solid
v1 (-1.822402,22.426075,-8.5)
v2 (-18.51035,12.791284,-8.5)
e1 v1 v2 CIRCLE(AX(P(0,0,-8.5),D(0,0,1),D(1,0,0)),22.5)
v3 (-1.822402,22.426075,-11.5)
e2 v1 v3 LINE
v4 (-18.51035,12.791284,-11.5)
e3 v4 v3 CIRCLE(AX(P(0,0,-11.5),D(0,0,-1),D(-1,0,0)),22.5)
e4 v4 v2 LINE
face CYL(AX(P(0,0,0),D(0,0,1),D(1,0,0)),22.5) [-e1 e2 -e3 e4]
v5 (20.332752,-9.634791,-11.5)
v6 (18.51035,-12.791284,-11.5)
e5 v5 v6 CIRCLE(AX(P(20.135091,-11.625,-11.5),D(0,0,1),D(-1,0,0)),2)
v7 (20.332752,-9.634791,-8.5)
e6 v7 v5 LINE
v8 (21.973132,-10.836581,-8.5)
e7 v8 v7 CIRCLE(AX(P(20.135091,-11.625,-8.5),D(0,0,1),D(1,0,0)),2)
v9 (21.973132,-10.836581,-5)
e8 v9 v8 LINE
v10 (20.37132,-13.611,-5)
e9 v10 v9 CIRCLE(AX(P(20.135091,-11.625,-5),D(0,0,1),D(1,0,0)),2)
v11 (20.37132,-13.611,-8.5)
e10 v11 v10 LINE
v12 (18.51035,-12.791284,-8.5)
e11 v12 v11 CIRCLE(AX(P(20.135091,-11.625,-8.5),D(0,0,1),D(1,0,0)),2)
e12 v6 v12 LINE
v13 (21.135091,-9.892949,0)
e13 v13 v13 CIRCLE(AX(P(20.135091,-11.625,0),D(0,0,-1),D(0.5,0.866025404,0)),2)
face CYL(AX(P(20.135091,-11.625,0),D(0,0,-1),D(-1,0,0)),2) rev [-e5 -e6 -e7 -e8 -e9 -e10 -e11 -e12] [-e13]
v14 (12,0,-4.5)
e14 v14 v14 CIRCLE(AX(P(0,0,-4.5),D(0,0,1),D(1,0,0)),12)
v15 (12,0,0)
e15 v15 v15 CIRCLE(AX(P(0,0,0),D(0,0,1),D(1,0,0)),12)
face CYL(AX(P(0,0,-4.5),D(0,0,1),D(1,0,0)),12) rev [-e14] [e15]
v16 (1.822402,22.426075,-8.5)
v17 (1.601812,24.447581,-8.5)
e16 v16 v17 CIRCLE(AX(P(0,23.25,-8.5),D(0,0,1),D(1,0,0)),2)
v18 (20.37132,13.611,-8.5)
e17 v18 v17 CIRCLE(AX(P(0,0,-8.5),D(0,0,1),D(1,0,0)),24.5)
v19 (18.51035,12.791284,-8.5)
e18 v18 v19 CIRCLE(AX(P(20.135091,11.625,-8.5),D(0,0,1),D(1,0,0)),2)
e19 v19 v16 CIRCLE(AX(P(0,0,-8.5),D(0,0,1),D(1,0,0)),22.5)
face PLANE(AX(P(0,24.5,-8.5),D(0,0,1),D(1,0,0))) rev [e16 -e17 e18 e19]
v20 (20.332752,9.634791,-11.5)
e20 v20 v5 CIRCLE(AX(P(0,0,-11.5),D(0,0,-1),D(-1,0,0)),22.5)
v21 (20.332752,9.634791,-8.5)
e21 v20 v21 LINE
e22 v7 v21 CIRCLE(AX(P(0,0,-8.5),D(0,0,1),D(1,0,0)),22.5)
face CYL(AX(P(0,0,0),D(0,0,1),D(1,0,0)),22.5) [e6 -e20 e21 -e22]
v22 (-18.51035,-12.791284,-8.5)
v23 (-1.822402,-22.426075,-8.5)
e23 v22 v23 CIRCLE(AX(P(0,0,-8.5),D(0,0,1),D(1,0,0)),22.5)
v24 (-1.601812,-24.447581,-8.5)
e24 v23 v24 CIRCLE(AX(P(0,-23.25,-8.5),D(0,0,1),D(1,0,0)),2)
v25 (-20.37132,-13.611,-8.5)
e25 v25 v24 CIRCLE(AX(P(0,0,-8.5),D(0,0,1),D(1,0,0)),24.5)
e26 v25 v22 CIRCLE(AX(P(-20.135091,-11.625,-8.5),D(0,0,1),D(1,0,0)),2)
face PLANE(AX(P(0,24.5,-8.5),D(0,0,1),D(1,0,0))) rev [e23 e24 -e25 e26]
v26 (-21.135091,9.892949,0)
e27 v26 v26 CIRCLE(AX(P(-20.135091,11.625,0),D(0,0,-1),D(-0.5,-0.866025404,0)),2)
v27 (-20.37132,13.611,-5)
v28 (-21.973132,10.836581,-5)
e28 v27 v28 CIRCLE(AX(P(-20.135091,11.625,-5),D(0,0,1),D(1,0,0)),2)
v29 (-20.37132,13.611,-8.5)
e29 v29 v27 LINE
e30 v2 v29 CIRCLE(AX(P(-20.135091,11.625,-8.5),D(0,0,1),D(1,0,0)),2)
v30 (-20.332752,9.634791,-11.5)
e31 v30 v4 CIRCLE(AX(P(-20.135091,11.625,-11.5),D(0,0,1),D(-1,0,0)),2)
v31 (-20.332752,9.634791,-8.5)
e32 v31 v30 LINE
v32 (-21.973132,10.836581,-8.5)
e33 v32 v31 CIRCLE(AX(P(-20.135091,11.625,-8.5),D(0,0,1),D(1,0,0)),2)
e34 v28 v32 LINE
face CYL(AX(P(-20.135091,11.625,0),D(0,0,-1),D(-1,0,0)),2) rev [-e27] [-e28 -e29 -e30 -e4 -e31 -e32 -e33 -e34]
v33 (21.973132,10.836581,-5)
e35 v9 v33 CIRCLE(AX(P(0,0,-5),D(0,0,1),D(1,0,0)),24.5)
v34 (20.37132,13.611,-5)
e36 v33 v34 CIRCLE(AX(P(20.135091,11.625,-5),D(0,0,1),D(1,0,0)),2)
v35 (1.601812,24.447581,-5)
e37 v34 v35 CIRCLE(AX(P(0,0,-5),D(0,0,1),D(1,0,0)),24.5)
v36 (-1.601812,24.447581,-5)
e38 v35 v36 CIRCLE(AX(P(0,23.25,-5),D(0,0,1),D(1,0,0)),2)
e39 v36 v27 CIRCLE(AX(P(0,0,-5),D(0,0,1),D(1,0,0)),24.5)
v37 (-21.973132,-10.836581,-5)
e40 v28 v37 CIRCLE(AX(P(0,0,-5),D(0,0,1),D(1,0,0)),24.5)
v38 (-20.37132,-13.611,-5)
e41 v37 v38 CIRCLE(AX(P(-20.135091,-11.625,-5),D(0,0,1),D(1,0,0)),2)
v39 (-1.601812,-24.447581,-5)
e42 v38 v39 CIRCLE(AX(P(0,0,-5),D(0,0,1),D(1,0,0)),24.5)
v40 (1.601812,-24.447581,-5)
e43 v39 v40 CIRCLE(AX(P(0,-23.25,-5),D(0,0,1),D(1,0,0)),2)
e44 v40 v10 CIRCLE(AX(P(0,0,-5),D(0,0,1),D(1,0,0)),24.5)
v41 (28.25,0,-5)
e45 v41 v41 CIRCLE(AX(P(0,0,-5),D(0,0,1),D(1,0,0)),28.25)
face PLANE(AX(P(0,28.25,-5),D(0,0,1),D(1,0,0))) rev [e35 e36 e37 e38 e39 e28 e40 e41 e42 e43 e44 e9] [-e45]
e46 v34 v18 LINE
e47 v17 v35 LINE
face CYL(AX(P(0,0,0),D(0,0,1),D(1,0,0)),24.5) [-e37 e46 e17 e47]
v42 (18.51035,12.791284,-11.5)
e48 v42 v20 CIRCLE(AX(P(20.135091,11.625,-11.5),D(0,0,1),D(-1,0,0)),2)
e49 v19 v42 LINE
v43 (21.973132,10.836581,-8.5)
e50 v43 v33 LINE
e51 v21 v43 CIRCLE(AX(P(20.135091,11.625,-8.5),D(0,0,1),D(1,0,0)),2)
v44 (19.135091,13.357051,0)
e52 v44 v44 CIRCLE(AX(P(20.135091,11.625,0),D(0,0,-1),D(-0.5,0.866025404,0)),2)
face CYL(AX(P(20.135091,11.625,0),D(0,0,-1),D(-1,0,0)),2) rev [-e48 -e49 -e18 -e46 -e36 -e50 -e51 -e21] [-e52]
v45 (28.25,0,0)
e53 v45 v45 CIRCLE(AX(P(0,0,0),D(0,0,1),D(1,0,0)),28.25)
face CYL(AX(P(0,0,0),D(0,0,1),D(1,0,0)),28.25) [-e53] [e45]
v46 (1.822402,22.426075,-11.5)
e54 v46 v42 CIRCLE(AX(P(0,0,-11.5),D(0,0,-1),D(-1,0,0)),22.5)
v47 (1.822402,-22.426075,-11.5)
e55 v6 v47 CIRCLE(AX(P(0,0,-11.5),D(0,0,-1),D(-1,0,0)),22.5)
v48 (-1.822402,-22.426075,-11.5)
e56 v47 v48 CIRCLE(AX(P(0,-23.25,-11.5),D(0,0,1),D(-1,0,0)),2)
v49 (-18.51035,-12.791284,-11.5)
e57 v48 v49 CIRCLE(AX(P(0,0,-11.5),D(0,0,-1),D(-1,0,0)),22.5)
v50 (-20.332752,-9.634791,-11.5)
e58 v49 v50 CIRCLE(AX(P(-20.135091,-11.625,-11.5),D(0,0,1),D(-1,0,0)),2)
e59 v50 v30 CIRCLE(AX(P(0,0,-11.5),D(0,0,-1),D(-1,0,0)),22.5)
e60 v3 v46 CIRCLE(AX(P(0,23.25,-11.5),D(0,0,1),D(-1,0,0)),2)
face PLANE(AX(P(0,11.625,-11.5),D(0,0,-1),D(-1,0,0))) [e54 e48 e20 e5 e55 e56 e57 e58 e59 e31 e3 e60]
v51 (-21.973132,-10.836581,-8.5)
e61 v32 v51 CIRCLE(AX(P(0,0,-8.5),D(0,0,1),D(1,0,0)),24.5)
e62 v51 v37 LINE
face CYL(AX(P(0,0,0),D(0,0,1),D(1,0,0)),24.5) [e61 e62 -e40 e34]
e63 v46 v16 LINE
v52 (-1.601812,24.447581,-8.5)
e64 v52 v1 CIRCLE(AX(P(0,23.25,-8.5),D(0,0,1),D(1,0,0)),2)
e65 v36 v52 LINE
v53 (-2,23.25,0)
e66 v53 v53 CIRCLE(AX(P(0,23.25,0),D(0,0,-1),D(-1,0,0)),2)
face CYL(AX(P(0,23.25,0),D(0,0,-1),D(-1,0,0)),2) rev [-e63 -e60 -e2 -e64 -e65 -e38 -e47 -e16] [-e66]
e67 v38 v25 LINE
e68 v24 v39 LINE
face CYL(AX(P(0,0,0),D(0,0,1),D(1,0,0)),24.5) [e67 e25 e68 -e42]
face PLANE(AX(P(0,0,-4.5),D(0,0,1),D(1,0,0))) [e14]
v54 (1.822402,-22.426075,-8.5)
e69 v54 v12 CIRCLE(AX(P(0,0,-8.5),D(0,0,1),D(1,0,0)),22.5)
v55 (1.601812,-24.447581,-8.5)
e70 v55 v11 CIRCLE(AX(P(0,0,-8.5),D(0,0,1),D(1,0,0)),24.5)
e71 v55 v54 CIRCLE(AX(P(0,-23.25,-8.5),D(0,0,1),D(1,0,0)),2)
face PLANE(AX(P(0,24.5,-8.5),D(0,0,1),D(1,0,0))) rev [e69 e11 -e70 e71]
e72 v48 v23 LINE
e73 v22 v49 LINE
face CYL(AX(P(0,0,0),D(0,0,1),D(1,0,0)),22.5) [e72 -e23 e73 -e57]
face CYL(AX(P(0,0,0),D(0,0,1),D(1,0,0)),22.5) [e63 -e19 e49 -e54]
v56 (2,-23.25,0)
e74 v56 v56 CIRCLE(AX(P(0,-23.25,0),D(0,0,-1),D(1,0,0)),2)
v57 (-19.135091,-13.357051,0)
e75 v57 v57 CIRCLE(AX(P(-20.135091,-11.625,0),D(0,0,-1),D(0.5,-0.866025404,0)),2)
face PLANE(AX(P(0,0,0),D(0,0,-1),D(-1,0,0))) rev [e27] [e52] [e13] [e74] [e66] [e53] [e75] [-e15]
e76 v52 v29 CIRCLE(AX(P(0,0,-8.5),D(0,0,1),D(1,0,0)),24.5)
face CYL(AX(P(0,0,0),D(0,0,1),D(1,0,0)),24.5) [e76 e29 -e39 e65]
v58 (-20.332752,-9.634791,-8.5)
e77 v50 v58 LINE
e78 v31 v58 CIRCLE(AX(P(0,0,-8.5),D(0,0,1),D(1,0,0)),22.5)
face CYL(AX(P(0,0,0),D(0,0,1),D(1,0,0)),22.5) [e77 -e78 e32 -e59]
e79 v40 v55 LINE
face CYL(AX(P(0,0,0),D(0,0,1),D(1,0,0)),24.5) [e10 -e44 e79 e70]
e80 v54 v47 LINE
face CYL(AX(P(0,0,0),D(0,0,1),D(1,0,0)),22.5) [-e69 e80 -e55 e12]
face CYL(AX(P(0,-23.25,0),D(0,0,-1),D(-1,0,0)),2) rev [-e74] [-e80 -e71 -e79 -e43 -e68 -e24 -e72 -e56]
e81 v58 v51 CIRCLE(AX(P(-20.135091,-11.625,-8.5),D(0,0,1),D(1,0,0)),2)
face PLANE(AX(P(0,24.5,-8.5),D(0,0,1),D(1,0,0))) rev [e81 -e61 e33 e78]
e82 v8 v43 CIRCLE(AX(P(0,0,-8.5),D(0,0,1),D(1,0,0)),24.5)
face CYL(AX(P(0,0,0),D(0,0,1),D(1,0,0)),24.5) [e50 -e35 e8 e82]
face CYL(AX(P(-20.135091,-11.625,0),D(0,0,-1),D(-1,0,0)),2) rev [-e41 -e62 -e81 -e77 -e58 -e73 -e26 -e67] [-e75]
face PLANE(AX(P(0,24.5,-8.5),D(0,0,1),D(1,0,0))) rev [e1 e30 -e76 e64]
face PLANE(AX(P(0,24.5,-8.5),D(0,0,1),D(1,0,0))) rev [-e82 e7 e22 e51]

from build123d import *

# Parameters (mm, degrees)
SKETCH2_R          = 2
CUT_EXTRUDE1_DEPTH = 46.369317826
CIRPATTERN1_COUNT  = 6
SKETCH5_OUTSIDE_W  = 75.336
SKETCH5_OUTSIDE_H  = 75.336
SKETCH5_OUTSIDE_R  = 2
CUT_EXTRUDE2_DEPTH = 10
CIRPATTERN2_COUNT  = 6
SKETCH6_R          = 12
CUT_EXTRUDE3_DEPTH = 4.5
CUT_EXTRUDE4_DEPTH = 15


with BuildPart() as part:
    # Sketch1 → Revolve1 (revolve)
    with BuildSketch(Plane(origin=(0, 0, 0), x_dir=(0, 0, -1), z_dir=(1, 0, 0)), mode=Mode.PRIVATE) as revolve1_sk:
        Polygon((0, 0), (0, 28.25), (5, 28.25), (5, 24.5), (8.5, 24.5), (8.5, 22.5), (26.5, 22.5), (26.5, 0), align=None)
    revolve(revolve1_sk.sketch.rotate(Axis((0, 0, 0), (0, 0, -1)), 90), axis=Axis((0, 0, 0), (0, 0, -1)))

    # Sketch2 → Cut-Extrude1 (cut, symmetric)
    with BuildSketch(Plane(origin=(0, 0, -5), x_dir=(-1, 0, 0), z_dir=(0, 0, -1))):
        with Locations((0, 23.25)):
            Circle(SKETCH2_R)
    cut_extrude1 = extrude(amount=CUT_EXTRUDE1_DEPTH, both=True, mode=Mode.SUBTRACT)

    # CirPattern1: Cut-Extrude1 ×6 about axis
    cirpattern1_axis = Axis((0, 0, 0), (0, 0, 1))
    for i in range(1, CIRPATTERN1_COUNT):
        add(cut_extrude1.rotate(cirpattern1_axis, i * 360 / CIRPATTERN1_COUNT), mode=Mode.SUBTRACT)

    # Sketch5 outside → Cut-Extrude2 (cut)
    # profile 1 of 2: a face of its own
    with BuildSketch(Plane(origin=(0, 0, -26.5), x_dir=(-1, 0, 0), z_dir=(0, 0, -1))):
        Rectangle(SKETCH5_OUTSIDE_W, SKETCH5_OUTSIDE_H)
        with BuildLine():
            ThreePointArc((-1.822401722, 22.426075269), (-11.25, 19.485571585), (-18.510350029, 12.791283822))
            ThreePointArc((-18.510350029, 12.791283822), (-18.40303983, 10.625), (-20.332751751, 9.634791447))
            ThreePointArc((-20.332751751, 9.634791447), (-22.5, 0), (-20.332751751, -9.634791447))
            ThreePointArc((-20.332751751, -9.634791447), (-18.40303983, -10.625), (-18.510350029, -12.791283822))
            ThreePointArc((-18.510350029, -12.791283822), (-11.25, -19.485571585), (-1.822401722, -22.426075269))
            ThreePointArc((-1.822401722, -22.426075269), (0, -21.25), (1.822401722, -22.426075269))
            ThreePointArc((1.822401722, -22.426075269), (11.25, -19.485571585), (18.510350029, -12.791283822))
            ThreePointArc((18.510350029, -12.791283822), (18.40303983, -10.625), (20.332751751, -9.634791447))
            ThreePointArc((20.332751751, -9.634791447), (22.5, 0), (20.332751751, 9.634791447))
            ThreePointArc((20.332751751, 9.634791447), (18.40303983, 10.625), (18.510350029, 12.791283822))
            ThreePointArc((18.510350029, 12.791283822), (11.25, 19.485571585), (1.822401722, 22.426075269))
            ThreePointArc((1.822401722, 22.426075269), (0, 21.25), (-1.822401722, 22.426075269))
        make_face(mode=Mode.SUBTRACT)
    # profile 2 of 2: a face of its own
    with BuildSketch(Plane(origin=(0, 0, -26.5), x_dir=(-1, 0, 0), z_dir=(0, 0, -1))):
        with Locations((0, 17.5)):
            Circle(SKETCH5_OUTSIDE_R)
    cut_extrude2 = extrude(amount=-CUT_EXTRUDE2_DEPTH, mode=Mode.SUBTRACT)

    # CirPattern2: Cut-Extrude2 ×6 about axis
    cirpattern2_axis = Axis((0, 0, 0), (0, 0, 1))
    for i in range(1, CIRPATTERN2_COUNT):
        add(cut_extrude2.rotate(cirpattern2_axis, i * 360 / CIRPATTERN2_COUNT), mode=Mode.SUBTRACT)

    # Sketch6 → Cut-Extrude3 (cut)
    with BuildSketch(Plane.XY):
        Circle(SKETCH6_R)
    extrude(amount=-CUT_EXTRUDE3_DEPTH, mode=Mode.SUBTRACT)

    # Sketch7 → Cut-Extrude4 (cut)
    with BuildSketch(Plane(origin=(0, 0, -26.5), x_dir=(-1, 0, 0), z_dir=(0, 0, -1))):
        with BuildLine():
            ThreePointArc((-1.822401722, 22.426075269), (-11.25, 19.485571585), (-18.510350029, 12.791283822))
            ThreePointArc((-18.510350029, 12.791283822), (-18.40303983, 10.625), (-20.332751751, 9.634791447))
            ThreePointArc((-20.332751751, 9.634791447), (-22.5, 0), (-20.332751751, -9.634791447))
            ThreePointArc((-20.332751751, -9.634791447), (-18.40303983, -10.625), (-18.510350029, -12.791283822))
            ThreePointArc((-18.510350029, -12.791283822), (-11.25, -19.485571585), (-1.822401722, -22.426075269))
            ThreePointArc((-1.822401722, -22.426075269), (0, -21.25), (1.822401722, -22.426075269))
            ThreePointArc((1.822401722, -22.426075269), (11.25, -19.485571585), (18.510350029, -12.791283822))
            ThreePointArc((18.510350029, -12.791283822), (18.40303983, -10.625), (20.332751751, -9.634791447))
            ThreePointArc((20.332751751, -9.634791447), (22.5, 0), (20.332751751, 9.634791447))
            ThreePointArc((20.332751751, 9.634791447), (18.40303983, 10.625), (18.510350029, 12.791283822))
            ThreePointArc((18.510350029, 12.791283822), (11.25, 19.485571585), (1.822401722, 22.426075269))
            ThreePointArc((1.822401722, 22.426075269), (0, 21.25), (-1.822401722, 22.426075269))
        make_face()
    extrude(amount=-CUT_EXTRUDE4_DEPTH, mode=Mode.SUBTRACT)


solid = part.part
